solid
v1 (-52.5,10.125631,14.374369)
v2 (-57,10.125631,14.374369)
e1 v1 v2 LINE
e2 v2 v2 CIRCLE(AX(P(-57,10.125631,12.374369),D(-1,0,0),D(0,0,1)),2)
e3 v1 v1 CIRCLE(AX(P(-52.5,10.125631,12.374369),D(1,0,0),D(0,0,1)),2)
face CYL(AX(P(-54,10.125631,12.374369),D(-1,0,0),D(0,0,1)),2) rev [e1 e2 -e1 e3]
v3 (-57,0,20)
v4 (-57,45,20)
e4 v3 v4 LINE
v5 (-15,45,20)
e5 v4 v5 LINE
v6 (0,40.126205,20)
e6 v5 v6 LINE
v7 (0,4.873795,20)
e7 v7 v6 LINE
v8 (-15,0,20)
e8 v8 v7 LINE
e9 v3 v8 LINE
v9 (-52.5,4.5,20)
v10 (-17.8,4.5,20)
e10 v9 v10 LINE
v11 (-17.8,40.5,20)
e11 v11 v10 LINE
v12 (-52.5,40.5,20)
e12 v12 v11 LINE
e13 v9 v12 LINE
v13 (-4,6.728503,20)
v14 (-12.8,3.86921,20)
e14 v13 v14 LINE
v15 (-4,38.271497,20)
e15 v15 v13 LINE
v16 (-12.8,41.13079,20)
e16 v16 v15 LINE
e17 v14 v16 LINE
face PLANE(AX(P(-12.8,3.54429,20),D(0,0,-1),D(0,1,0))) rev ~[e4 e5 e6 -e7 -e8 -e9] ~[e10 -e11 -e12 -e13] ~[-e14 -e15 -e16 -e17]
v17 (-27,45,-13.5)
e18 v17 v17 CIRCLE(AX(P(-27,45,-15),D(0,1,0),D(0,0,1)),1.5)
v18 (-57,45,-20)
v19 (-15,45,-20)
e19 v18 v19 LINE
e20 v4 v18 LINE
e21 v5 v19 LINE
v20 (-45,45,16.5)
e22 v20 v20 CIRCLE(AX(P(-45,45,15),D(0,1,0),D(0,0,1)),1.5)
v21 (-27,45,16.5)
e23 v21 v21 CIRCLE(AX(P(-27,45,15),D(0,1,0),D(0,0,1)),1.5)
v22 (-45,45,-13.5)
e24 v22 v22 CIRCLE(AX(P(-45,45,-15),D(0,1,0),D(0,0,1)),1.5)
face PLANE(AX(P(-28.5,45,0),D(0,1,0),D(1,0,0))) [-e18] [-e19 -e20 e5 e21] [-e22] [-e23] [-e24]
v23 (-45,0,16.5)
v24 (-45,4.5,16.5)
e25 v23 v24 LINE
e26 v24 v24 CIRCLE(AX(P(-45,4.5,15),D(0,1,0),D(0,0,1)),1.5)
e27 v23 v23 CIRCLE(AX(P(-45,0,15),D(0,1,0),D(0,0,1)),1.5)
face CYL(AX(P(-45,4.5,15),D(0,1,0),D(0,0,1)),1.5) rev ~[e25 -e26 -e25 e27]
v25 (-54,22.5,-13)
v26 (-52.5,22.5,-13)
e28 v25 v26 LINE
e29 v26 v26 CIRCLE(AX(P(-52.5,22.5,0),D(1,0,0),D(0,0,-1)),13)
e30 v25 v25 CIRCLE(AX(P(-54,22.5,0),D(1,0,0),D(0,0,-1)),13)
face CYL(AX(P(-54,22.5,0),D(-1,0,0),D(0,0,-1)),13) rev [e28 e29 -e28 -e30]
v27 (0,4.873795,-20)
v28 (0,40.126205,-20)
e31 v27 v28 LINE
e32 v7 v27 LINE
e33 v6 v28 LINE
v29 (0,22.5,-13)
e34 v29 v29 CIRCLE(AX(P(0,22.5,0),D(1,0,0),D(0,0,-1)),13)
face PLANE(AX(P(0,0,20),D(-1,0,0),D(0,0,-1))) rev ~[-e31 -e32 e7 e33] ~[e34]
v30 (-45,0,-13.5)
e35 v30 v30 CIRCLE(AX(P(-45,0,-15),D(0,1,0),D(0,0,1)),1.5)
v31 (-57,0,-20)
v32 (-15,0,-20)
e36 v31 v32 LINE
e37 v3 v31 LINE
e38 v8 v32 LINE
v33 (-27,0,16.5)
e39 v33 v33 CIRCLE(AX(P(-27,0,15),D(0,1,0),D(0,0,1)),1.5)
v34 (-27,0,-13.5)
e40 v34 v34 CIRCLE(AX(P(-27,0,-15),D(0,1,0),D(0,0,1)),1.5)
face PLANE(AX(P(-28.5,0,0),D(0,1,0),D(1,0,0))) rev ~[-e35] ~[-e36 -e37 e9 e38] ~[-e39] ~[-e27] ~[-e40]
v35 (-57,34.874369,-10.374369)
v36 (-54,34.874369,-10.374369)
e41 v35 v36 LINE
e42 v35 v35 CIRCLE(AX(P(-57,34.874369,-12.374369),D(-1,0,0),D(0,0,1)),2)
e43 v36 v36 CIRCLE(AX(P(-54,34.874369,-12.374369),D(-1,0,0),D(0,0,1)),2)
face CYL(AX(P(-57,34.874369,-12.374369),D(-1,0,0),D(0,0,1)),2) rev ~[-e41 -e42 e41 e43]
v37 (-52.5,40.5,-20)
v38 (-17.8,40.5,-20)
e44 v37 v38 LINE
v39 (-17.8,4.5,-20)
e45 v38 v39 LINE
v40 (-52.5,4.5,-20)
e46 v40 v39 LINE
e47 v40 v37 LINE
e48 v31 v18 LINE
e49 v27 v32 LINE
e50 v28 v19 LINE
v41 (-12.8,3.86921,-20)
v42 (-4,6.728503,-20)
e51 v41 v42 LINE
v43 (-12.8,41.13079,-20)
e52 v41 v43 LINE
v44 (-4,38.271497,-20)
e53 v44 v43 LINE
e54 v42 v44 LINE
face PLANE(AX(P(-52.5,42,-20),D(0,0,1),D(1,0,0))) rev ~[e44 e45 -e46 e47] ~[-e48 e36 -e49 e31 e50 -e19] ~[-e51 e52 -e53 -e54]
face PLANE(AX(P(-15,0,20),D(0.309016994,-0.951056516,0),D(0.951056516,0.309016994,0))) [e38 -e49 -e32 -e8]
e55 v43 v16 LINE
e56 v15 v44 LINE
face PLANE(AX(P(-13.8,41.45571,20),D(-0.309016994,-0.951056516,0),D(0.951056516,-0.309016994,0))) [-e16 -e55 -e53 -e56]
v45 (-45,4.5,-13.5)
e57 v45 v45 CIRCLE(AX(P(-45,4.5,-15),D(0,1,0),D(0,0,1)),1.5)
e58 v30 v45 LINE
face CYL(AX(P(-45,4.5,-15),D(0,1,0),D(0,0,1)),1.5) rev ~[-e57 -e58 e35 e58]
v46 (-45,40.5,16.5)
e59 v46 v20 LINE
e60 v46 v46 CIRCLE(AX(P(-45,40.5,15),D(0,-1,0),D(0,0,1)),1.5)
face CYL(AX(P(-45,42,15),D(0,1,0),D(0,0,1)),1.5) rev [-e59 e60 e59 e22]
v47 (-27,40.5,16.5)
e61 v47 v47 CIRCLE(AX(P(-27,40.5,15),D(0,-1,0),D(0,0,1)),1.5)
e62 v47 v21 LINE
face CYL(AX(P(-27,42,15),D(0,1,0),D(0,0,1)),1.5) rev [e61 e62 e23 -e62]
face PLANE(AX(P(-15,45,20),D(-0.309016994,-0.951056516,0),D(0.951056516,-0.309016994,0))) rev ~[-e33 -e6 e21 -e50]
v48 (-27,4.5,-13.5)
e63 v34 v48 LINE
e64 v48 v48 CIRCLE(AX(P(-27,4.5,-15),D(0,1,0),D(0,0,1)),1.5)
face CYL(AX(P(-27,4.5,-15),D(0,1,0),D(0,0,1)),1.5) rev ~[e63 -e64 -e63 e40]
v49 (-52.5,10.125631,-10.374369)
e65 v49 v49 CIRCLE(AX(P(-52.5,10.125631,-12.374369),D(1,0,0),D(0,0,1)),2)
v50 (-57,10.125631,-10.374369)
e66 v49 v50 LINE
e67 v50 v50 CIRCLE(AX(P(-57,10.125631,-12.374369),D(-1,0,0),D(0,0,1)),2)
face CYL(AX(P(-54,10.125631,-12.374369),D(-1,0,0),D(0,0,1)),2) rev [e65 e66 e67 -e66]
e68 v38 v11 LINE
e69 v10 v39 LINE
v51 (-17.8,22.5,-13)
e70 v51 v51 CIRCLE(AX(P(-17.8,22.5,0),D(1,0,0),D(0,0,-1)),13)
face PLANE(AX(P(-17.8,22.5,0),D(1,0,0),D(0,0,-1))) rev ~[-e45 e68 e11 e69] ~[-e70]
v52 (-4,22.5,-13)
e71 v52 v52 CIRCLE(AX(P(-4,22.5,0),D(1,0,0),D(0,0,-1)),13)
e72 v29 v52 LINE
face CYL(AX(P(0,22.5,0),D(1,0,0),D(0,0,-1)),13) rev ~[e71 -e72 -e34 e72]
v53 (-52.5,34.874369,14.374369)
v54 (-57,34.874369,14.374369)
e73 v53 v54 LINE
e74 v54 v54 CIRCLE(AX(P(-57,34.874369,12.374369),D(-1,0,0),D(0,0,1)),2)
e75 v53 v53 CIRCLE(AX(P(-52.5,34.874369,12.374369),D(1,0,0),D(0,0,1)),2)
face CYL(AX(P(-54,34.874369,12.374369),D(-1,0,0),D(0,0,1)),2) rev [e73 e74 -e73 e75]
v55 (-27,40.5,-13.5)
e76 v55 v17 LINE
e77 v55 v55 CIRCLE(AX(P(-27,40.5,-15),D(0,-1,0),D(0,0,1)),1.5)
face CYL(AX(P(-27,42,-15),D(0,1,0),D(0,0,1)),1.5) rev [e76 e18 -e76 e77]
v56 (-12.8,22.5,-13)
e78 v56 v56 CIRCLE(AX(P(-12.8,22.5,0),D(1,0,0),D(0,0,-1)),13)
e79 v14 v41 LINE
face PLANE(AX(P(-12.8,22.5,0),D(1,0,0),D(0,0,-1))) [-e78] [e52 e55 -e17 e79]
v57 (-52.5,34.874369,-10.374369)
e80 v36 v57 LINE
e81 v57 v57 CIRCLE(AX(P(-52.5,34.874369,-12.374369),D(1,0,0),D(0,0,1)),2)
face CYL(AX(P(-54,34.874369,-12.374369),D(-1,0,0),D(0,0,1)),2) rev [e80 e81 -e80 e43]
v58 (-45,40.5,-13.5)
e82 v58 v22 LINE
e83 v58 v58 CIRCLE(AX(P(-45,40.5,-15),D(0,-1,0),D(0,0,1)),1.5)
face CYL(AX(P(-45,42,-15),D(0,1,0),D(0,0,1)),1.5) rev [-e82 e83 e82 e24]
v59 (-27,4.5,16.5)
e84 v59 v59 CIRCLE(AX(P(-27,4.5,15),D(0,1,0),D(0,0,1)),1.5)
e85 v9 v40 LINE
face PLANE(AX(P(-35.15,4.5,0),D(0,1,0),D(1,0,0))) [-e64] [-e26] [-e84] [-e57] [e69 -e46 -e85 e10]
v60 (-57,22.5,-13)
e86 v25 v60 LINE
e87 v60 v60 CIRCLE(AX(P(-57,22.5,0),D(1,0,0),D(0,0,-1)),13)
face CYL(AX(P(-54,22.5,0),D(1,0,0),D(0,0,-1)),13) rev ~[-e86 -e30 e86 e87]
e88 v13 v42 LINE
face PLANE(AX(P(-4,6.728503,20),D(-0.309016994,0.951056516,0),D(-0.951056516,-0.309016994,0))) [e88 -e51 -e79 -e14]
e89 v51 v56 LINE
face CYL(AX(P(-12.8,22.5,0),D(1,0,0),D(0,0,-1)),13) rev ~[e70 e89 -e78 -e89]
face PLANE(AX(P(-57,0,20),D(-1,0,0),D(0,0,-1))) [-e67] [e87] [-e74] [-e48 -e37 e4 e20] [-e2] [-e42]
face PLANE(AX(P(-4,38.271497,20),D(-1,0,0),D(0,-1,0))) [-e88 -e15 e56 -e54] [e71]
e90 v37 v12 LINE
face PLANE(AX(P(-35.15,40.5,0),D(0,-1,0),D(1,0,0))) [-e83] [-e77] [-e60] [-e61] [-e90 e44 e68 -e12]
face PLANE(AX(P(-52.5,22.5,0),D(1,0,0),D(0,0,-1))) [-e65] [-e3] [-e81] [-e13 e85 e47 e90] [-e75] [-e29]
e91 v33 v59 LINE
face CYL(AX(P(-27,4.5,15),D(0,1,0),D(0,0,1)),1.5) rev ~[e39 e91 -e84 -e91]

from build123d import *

# Parameters (mm, degrees)
SKETCH_1_W          = 57
SKETCH_1_H          = 40
EXTRUDE_1_DEPTH     = 45
SKETCH_5_R          = 13
CUT_EXTRUDE_1_DEPTH = 17.8
CUT_EXTRUDE_2_DEPTH = 36.2
SKETCH_7_R          = 13
CUT_EXTRUDE_3_DEPTH = 31.1
CUT_EXTRUDE_5_DEPTH = 83.909589313
SKETCH_12_R         = 2
CUT_EXTRUDE_6_DEPTH = 8
SKETCH_13_R         = 1.5
CUT_EXTRUDE_7_DEPTH = 76.325958341
CUT_EXTRUDE_9_DEPTH = 94
SKETCH_16_W         = 40
SKETCH_16_H         = 39
SKETCH_16_R         = 2
SKETCH_16_R_2       = 13
EXTRUDE_2_DEPTH     = 1.5
EXTRUDE_START       = 1.5
SKETCH_17_W         = 34.7
SKETCH_17_H         = 40
SKETCH_17_R         = 1.5
EXTRUDE_3_DEPTH     = 1.5
SKETCH_18_W         = 34.7
SKETCH_18_H         = 40
SKETCH_18_R         = 1.5
EXTRUDE_4_DEPTH     = 1.5
EXTRUDE_START_2     = 1
SKETCH_20_W         = 40
SKETCH_20_H         = 37.911419384
SKETCH_20_R         = 13
EXTRUDE_6_DEPTH     = 1


with BuildPart() as part:
    # 草图1 → 凸台-拉伸1 (new body)
    with BuildSketch(Plane(origin=(0, 0, 0), x_dir=(1, 0, 0), z_dir=(0, 1, 0))):
        with Locations((-28.5, 0)):
            Rectangle(SKETCH_1_W, SKETCH_1_H)
    extrude(amount=EXTRUDE_1_DEPTH)

    # 草图5 → 切除-拉伸1 (cut)
    with BuildSketch(Plane(origin=(0, 0, 0), x_dir=(0, 0, -1), z_dir=(1, 0, 0))):
        with Locations((0, 22.5)):
            Circle(SKETCH_5_R)
    extrude(amount=-CUT_EXTRUDE_1_DEPTH, mode=Mode.SUBTRACT)

    # 草图6 → 切除-拉伸2 (cut)
    with BuildSketch(Plane(origin=(-17.8, 0, 0), x_dir=(0, 0, -1), z_dir=(1, 0, 0))):
        Polygon((-22, 25), (-22, 3), (22, 3), (22, 25), (22, 42), (-22, 42), align=None)
    extrude(amount=-CUT_EXTRUDE_2_DEPTH, mode=Mode.SUBTRACT)

    # 草图7 → 切除-拉伸3 (cut)
    with BuildSketch(Plane(origin=(-54, 0, 0), x_dir=(0, 0, -1), z_dir=(1, 0, 0))):
        with Locations((0, 22.5)):
            Circle(SKETCH_7_R)
    extrude(amount=-CUT_EXTRUDE_3_DEPTH, mode=Mode.SUBTRACT)

    # 草图10 → 切除-拉伸5 (cut, through all)
    with BuildSketch(Plane.XY.offset(20)):
        Polygon((-15, 45), (0, 40.126204557), (0, 45), align=None)
        Polygon((0, 0), (-15, 0), (0, 4.873795443), align=None)
    extrude(amount=-CUT_EXTRUDE_5_DEPTH, mode=Mode.SUBTRACT)

    # 草图12 → 切除-拉伸6 (cut)
    with BuildSketch(Plane.ZY.offset(57)):
        with Locations((-12.374368671, 34.874368671)):
            Circle(SKETCH_12_R)
        with Locations((12.374368671, 34.874368671)):
            Circle(SKETCH_12_R)
        with Locations((12.374368671, 10.125631329)):
            Circle(SKETCH_12_R)
        with Locations((-12.374368671, 10.125631329)):
            Circle(SKETCH_12_R)
    extrude(amount=-CUT_EXTRUDE_6_DEPTH, mode=Mode.SUBTRACT)

    # 草图13 → 切除-拉伸7 (cut, through all)
    with BuildSketch(Plane(origin=(0, 45, 0), x_dir=(1, 0, 0), z_dir=(0, 1, 0))):
        with Locations(Location((-45, 15, 0), (0, 0, 270))):
            Circle(SKETCH_13_R)
        with Locations(Location((-27, 15, 0), (0, 0, 270))):
            Circle(SKETCH_13_R)
        with Locations(Location((-27, -15, 0), (0, 0, 270))):
            Circle(SKETCH_13_R)
        with Locations(Location((-45, -15, 0), (0, 0, 270))):
            Circle(SKETCH_13_R)
    extrude(amount=-CUT_EXTRUDE_7_DEPTH, mode=Mode.SUBTRACT)

    # 草图15 → 切除-拉伸9 (cut)
    with BuildSketch(Plane.XY.offset(20)):
        Polygon((-13.8, 41.455709692), (-4, 38.271496669), (-4, 6.728503331), (-13.8, 3.544290308), align=None)
    extrude(amount=-CUT_EXTRUDE_9_DEPTH, mode=Mode.SUBTRACT)

    # 草图16 → 凸台-拉伸2 (add)
    with BuildSketch(Plane(origin=(-54, 0, 0), x_dir=(0, 0, -1), z_dir=(1, 0, 0))):
        with Locations((0, 22.5)):
            Rectangle(SKETCH_16_W, SKETCH_16_H)
        with Locations(Location((-12.374368671, 10.125631329, 0), (0, 0, 180))):
            Circle(SKETCH_16_R, mode=Mode.SUBTRACT)
        with Locations(Location((12.374368671, 10.125631329, 0), (0, 0, 180))):
            Circle(SKETCH_16_R, mode=Mode.SUBTRACT)
        with Locations((0, 22.5)):
            Circle(SKETCH_16_R_2, mode=Mode.SUBTRACT)
        with Locations(Location((12.374368671, 34.874368671, 0), (0, 0, 180))):
            Circle(SKETCH_16_R, mode=Mode.SUBTRACT)
        with Locations(Location((-12.374368671, 34.874368671, 0), (0, 0, 180))):
            Circle(SKETCH_16_R, mode=Mode.SUBTRACT)
    extrude(amount=EXTRUDE_2_DEPTH)

    # 草图17 → 凸台-拉伸3 (add)
    with BuildSketch(Plane(origin=(0, 3, 0), x_dir=(1, 0, 0), z_dir=(0, 1, 0)).offset(EXTRUDE_START)):
        with Locations((-35.15, 0)):
            Rectangle(SKETCH_17_W, SKETCH_17_H)
        with Locations(Location((-45, -15, 0), (0, 0, 270))):
            Circle(SKETCH_17_R, mode=Mode.SUBTRACT)
        with Locations(Location((-27, -15, 0), (0, 0, 270))):
            Circle(SKETCH_17_R, mode=Mode.SUBTRACT)
        with Locations(Location((-27, 15, 0), (0, 0, 270))):
            Circle(SKETCH_17_R, mode=Mode.SUBTRACT)
        with Locations(Location((-45, 15, 0), (0, 0, 270))):
            Circle(SKETCH_17_R, mode=Mode.SUBTRACT)
    extrude(amount=-EXTRUDE_3_DEPTH)

    # 草图18 → 凸台-拉伸4 (add)
    with BuildSketch(Plane.XZ.offset(-42)):
        with Locations((-35.15, 0)):
            Rectangle(SKETCH_18_W, SKETCH_18_H)
        with Locations(Location((-45, -15, 0), (0, 0, 90))):
            Circle(SKETCH_18_R, mode=Mode.SUBTRACT)
        with Locations(Location((-27, -15, 0), (0, 0, 90))):
            Circle(SKETCH_18_R, mode=Mode.SUBTRACT)
        with Locations(Location((-27, 15, 0), (0, 0, 90))):
            Circle(SKETCH_18_R, mode=Mode.SUBTRACT)
        with Locations(Location((-45, 15, 0), (0, 0, 90))):
            Circle(SKETCH_18_R, mode=Mode.SUBTRACT)
    extrude(amount=EXTRUDE_4_DEPTH)

    # 草图20 → 凸台-拉伸6 (add)
    with BuildSketch(Plane(origin=(-13.8, 0, 0), x_dir=(0, 0, -1), z_dir=(1, 0, 0)).offset(EXTRUDE_START_2)):
        with Locations((0, 22.5)):
            Rectangle(SKETCH_20_W, SKETCH_20_H)
        with Locations((0, 22.5)):
            Circle(SKETCH_20_R, mode=Mode.SUBTRACT)
    extrude(amount=-EXTRUDE_6_DEPTH)


solid = part.part
